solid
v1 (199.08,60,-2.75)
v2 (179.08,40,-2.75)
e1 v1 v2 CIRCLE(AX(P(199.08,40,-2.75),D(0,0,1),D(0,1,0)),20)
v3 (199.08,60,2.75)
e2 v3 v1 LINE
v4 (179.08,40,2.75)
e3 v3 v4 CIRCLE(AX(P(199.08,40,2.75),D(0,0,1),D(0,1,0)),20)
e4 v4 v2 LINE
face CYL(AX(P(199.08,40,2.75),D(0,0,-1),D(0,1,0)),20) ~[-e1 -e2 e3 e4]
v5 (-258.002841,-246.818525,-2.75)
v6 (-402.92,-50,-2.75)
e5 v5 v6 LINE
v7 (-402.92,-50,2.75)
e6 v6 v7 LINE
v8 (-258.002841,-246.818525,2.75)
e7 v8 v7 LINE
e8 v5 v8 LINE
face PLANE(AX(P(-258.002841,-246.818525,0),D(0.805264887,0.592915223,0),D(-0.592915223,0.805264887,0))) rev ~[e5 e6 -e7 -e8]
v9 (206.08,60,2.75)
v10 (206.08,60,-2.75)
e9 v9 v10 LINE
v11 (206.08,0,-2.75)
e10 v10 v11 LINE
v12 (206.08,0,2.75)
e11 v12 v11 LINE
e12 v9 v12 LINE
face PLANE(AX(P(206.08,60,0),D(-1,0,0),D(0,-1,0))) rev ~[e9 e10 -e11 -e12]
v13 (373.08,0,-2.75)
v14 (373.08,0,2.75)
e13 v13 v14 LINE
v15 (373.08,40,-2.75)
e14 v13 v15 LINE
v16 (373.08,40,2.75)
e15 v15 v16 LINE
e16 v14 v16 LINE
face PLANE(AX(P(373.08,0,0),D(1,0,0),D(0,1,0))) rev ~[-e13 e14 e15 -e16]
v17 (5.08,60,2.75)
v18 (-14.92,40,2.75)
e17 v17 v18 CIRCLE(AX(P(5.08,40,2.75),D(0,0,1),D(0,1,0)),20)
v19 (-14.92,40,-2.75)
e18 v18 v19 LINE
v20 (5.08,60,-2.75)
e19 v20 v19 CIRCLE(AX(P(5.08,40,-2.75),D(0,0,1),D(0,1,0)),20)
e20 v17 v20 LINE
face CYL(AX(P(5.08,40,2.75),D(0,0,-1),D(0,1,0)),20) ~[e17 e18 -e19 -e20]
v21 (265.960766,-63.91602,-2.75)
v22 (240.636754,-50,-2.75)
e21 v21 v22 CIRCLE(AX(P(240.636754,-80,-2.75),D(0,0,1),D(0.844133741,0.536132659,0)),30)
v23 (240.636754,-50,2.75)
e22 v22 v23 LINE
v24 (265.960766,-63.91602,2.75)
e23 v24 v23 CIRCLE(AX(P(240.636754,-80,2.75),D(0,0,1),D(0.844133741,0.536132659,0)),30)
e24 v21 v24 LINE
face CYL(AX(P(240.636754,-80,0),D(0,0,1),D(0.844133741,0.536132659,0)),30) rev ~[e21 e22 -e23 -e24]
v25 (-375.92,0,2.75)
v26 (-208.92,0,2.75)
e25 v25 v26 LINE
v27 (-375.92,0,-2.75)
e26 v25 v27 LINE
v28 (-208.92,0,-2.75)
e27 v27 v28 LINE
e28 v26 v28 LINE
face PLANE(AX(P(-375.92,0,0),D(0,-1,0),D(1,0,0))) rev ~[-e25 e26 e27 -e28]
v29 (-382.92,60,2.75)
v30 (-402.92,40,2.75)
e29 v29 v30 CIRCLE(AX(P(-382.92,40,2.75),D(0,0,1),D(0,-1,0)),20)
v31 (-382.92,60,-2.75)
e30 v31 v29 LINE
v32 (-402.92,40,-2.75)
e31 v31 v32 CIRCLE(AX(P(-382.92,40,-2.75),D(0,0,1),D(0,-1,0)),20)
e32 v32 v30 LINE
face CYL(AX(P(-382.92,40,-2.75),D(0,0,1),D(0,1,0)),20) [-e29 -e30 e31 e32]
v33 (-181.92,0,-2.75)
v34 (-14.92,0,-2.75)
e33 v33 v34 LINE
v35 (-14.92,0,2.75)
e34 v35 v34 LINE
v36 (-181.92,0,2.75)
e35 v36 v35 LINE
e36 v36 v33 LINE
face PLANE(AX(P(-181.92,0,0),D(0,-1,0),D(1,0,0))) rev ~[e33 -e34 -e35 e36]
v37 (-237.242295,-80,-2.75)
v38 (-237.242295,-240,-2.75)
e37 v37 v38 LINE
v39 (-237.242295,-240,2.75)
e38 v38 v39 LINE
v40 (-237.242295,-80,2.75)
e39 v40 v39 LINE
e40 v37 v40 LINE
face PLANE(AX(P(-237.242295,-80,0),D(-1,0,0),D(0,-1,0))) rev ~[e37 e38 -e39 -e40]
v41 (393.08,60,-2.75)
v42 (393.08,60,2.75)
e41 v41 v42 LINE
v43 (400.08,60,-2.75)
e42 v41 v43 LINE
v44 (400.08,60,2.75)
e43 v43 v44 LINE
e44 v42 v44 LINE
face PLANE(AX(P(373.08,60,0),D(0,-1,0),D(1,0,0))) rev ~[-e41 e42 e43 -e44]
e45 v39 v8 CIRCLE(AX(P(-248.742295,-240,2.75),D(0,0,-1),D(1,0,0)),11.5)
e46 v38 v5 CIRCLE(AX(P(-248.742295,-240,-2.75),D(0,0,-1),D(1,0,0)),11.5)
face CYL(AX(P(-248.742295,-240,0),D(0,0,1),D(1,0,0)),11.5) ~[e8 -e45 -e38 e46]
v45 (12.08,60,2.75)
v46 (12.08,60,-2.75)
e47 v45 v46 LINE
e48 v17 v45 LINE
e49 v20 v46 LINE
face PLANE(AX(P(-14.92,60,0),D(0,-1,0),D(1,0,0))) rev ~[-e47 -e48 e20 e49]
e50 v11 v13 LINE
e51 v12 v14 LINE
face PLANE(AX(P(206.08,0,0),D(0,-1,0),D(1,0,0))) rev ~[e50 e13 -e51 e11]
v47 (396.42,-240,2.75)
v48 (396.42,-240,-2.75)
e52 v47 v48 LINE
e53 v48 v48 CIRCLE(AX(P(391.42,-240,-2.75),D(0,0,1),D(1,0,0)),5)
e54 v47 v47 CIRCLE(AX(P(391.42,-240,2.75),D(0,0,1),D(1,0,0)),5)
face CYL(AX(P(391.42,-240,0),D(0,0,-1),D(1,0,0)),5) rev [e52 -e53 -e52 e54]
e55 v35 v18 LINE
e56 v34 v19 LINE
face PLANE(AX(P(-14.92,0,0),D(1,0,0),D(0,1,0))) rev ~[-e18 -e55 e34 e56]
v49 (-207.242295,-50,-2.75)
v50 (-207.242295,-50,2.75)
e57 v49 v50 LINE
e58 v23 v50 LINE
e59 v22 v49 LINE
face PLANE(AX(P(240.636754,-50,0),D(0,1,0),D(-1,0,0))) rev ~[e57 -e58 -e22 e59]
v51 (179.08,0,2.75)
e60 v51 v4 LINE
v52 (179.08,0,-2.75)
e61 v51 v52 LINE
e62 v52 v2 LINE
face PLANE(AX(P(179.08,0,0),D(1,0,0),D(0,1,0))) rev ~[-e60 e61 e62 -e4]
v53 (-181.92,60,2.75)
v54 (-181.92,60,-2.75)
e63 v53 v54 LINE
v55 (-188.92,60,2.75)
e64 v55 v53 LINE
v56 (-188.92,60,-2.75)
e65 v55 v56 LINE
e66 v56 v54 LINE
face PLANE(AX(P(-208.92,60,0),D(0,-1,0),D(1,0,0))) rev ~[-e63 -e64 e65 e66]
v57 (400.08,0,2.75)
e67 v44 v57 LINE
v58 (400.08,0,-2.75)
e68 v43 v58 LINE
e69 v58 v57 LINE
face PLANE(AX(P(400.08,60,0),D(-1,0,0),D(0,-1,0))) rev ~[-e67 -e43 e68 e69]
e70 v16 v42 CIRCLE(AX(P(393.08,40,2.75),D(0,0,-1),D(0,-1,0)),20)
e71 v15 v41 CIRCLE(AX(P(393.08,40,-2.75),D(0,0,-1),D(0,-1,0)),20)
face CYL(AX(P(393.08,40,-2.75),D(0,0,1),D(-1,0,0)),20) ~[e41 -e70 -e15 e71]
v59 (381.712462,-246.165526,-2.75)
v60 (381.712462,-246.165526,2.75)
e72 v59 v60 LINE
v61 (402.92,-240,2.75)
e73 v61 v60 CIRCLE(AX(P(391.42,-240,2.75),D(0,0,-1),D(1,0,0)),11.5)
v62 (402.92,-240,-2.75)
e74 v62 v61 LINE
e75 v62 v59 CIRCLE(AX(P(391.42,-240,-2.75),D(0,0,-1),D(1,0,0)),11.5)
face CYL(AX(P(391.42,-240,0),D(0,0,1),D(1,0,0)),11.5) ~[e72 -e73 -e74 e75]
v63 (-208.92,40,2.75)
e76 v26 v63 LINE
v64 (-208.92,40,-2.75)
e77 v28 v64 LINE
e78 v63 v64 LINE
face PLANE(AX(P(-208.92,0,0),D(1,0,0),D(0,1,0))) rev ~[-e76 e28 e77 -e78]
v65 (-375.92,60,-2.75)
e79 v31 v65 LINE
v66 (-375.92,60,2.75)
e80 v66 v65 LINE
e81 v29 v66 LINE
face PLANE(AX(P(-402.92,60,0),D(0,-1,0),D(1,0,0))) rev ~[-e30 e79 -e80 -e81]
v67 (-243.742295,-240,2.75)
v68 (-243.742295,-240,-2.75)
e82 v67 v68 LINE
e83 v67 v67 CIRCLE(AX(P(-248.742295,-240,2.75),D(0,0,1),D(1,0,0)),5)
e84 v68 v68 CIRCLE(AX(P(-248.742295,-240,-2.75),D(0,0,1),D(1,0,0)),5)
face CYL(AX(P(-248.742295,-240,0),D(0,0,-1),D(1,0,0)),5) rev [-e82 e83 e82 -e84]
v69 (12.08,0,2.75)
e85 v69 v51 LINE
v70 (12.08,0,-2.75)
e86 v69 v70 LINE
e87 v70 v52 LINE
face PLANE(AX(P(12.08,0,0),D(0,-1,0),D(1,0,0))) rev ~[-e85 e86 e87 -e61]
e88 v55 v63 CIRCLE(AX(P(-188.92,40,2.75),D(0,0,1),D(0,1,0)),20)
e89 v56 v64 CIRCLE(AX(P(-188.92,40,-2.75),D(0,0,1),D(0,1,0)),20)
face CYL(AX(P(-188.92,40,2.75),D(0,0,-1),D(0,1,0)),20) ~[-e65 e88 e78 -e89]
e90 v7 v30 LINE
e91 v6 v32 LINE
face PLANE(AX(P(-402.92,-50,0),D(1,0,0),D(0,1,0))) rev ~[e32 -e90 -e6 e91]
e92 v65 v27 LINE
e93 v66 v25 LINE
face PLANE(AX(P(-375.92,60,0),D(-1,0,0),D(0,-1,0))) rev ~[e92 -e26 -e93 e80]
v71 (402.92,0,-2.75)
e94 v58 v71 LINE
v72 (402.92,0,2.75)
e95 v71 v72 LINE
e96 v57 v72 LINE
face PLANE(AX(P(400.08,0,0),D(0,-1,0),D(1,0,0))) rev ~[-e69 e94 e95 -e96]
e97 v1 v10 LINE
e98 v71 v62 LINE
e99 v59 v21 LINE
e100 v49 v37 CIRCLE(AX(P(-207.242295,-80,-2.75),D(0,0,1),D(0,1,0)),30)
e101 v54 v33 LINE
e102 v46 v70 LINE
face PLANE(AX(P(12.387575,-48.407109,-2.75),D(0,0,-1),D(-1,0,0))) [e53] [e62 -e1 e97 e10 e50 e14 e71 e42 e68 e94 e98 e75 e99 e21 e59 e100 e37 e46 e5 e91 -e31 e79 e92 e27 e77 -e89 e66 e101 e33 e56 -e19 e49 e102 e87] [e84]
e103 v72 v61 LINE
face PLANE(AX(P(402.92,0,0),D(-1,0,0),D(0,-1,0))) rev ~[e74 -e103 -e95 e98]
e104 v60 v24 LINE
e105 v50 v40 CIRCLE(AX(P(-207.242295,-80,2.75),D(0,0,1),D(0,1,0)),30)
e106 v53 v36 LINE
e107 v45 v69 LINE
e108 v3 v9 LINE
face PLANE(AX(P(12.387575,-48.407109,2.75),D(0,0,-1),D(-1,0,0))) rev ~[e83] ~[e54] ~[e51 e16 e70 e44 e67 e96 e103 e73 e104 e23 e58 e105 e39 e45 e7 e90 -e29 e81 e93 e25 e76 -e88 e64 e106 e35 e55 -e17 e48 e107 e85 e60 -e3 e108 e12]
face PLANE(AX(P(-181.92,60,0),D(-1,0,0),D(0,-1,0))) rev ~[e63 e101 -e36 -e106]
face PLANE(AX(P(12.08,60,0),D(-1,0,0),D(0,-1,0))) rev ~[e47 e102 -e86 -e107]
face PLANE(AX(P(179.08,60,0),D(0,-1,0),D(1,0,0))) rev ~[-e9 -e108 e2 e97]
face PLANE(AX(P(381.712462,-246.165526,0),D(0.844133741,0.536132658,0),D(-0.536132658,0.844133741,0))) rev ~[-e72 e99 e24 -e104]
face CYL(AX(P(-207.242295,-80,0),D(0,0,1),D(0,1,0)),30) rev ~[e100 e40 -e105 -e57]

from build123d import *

# Parameters (mm, degrees)
SKETCH1_R           = 5
BOSS_EXTRUDE1_DEPTH = 2.75
FILLET1_R           = 20


with BuildPart() as part:
    # Sketch1 → Boss-Extrude1 (new body, symmetric)
    with BuildSketch(Plane.XY):
        with BuildLine():
            Line((-402.92, 0), (-402.92, 60))
            Line((-402.92, 60), (-375.92, 60))
            Line((-375.92, 60), (-375.92, 0))
            Line((-375.92, 0), (-208.92, 0))
            Line((-208.92, 0), (-208.92, 60))
            Line((-208.92, 60), (-181.92, 60))
            Line((-181.92, 60), (-181.92, 0))
            Line((-181.92, 0), (-14.92, 0))
            Line((-14.92, 0), (-14.92, 60))
            Line((-14.92, 60), (12.08, 60))
            Line((12.08, 60), (12.08, 0))
            Line((12.08, 0), (179.08, 0))
            Line((179.08, 0), (179.08, 60))
            Line((179.08, 60), (206.08, 60))
            Line((206.08, 60), (206.08, 0))
            Line((206.08, 0), (373.08, 0))
            Line((373.08, 0), (373.08, 60))
            Line((373.08, 60), (400.08, 60))
            Line((400.08, 60), (400.08, 0))
            Line((400.08, 0), (402.92, 0))
            Line((402.92, 0), (402.92, -240))
            ThreePointArc((402.92, -240), (394.630398166, -251.042796005), (381.71246198, -246.165525573))
            Line((381.71246198, -246.165525573), (265.960766405, -63.916020245))
            ThreePointArc((265.960766405, -63.916020245), (255.084601896, -53.708181951), (240.636754178, -50))
            Line((240.636754178, -50), (-207.242294627, -50))
            ThreePointArc((-207.242294627, -50), (-228.455498062, -58.786796564), (-237.242294627, -80))
            Line((-237.242294627, -80), (-237.242294627, -240))
            ThreePointArc((-237.242294627, -240), (-245.153860516, -250.925801601), (-258.002840824, -246.81852507))
            Line((-258.002840824, -246.81852507), (-402.92, -50))
            Line((-402.92, -50), (-402.92, 0))
        make_face()
        with Locations((-248.742294627, -240)):
            Circle(SKETCH1_R, mode=Mode.SUBTRACT)
        with Locations((391.42, -240)):
            Circle(SKETCH1_R, mode=Mode.SUBTRACT)
    extrude(amount=BOSS_EXTRUDE1_DEPTH, both=True)

    # Fillet1
    fillet1_edges = [part.edges().sort_by_distance(p)[0] for p in [
        (-402.92, 60, 0),
        (-208.92, 60, 0),
        (-14.92, 60, 0),
        (179.08, 60, 0),
        (373.08, 60, 0),
    ]]
    fillet(fillet1_edges, radius=FILLET1_R)


solid = part.part
